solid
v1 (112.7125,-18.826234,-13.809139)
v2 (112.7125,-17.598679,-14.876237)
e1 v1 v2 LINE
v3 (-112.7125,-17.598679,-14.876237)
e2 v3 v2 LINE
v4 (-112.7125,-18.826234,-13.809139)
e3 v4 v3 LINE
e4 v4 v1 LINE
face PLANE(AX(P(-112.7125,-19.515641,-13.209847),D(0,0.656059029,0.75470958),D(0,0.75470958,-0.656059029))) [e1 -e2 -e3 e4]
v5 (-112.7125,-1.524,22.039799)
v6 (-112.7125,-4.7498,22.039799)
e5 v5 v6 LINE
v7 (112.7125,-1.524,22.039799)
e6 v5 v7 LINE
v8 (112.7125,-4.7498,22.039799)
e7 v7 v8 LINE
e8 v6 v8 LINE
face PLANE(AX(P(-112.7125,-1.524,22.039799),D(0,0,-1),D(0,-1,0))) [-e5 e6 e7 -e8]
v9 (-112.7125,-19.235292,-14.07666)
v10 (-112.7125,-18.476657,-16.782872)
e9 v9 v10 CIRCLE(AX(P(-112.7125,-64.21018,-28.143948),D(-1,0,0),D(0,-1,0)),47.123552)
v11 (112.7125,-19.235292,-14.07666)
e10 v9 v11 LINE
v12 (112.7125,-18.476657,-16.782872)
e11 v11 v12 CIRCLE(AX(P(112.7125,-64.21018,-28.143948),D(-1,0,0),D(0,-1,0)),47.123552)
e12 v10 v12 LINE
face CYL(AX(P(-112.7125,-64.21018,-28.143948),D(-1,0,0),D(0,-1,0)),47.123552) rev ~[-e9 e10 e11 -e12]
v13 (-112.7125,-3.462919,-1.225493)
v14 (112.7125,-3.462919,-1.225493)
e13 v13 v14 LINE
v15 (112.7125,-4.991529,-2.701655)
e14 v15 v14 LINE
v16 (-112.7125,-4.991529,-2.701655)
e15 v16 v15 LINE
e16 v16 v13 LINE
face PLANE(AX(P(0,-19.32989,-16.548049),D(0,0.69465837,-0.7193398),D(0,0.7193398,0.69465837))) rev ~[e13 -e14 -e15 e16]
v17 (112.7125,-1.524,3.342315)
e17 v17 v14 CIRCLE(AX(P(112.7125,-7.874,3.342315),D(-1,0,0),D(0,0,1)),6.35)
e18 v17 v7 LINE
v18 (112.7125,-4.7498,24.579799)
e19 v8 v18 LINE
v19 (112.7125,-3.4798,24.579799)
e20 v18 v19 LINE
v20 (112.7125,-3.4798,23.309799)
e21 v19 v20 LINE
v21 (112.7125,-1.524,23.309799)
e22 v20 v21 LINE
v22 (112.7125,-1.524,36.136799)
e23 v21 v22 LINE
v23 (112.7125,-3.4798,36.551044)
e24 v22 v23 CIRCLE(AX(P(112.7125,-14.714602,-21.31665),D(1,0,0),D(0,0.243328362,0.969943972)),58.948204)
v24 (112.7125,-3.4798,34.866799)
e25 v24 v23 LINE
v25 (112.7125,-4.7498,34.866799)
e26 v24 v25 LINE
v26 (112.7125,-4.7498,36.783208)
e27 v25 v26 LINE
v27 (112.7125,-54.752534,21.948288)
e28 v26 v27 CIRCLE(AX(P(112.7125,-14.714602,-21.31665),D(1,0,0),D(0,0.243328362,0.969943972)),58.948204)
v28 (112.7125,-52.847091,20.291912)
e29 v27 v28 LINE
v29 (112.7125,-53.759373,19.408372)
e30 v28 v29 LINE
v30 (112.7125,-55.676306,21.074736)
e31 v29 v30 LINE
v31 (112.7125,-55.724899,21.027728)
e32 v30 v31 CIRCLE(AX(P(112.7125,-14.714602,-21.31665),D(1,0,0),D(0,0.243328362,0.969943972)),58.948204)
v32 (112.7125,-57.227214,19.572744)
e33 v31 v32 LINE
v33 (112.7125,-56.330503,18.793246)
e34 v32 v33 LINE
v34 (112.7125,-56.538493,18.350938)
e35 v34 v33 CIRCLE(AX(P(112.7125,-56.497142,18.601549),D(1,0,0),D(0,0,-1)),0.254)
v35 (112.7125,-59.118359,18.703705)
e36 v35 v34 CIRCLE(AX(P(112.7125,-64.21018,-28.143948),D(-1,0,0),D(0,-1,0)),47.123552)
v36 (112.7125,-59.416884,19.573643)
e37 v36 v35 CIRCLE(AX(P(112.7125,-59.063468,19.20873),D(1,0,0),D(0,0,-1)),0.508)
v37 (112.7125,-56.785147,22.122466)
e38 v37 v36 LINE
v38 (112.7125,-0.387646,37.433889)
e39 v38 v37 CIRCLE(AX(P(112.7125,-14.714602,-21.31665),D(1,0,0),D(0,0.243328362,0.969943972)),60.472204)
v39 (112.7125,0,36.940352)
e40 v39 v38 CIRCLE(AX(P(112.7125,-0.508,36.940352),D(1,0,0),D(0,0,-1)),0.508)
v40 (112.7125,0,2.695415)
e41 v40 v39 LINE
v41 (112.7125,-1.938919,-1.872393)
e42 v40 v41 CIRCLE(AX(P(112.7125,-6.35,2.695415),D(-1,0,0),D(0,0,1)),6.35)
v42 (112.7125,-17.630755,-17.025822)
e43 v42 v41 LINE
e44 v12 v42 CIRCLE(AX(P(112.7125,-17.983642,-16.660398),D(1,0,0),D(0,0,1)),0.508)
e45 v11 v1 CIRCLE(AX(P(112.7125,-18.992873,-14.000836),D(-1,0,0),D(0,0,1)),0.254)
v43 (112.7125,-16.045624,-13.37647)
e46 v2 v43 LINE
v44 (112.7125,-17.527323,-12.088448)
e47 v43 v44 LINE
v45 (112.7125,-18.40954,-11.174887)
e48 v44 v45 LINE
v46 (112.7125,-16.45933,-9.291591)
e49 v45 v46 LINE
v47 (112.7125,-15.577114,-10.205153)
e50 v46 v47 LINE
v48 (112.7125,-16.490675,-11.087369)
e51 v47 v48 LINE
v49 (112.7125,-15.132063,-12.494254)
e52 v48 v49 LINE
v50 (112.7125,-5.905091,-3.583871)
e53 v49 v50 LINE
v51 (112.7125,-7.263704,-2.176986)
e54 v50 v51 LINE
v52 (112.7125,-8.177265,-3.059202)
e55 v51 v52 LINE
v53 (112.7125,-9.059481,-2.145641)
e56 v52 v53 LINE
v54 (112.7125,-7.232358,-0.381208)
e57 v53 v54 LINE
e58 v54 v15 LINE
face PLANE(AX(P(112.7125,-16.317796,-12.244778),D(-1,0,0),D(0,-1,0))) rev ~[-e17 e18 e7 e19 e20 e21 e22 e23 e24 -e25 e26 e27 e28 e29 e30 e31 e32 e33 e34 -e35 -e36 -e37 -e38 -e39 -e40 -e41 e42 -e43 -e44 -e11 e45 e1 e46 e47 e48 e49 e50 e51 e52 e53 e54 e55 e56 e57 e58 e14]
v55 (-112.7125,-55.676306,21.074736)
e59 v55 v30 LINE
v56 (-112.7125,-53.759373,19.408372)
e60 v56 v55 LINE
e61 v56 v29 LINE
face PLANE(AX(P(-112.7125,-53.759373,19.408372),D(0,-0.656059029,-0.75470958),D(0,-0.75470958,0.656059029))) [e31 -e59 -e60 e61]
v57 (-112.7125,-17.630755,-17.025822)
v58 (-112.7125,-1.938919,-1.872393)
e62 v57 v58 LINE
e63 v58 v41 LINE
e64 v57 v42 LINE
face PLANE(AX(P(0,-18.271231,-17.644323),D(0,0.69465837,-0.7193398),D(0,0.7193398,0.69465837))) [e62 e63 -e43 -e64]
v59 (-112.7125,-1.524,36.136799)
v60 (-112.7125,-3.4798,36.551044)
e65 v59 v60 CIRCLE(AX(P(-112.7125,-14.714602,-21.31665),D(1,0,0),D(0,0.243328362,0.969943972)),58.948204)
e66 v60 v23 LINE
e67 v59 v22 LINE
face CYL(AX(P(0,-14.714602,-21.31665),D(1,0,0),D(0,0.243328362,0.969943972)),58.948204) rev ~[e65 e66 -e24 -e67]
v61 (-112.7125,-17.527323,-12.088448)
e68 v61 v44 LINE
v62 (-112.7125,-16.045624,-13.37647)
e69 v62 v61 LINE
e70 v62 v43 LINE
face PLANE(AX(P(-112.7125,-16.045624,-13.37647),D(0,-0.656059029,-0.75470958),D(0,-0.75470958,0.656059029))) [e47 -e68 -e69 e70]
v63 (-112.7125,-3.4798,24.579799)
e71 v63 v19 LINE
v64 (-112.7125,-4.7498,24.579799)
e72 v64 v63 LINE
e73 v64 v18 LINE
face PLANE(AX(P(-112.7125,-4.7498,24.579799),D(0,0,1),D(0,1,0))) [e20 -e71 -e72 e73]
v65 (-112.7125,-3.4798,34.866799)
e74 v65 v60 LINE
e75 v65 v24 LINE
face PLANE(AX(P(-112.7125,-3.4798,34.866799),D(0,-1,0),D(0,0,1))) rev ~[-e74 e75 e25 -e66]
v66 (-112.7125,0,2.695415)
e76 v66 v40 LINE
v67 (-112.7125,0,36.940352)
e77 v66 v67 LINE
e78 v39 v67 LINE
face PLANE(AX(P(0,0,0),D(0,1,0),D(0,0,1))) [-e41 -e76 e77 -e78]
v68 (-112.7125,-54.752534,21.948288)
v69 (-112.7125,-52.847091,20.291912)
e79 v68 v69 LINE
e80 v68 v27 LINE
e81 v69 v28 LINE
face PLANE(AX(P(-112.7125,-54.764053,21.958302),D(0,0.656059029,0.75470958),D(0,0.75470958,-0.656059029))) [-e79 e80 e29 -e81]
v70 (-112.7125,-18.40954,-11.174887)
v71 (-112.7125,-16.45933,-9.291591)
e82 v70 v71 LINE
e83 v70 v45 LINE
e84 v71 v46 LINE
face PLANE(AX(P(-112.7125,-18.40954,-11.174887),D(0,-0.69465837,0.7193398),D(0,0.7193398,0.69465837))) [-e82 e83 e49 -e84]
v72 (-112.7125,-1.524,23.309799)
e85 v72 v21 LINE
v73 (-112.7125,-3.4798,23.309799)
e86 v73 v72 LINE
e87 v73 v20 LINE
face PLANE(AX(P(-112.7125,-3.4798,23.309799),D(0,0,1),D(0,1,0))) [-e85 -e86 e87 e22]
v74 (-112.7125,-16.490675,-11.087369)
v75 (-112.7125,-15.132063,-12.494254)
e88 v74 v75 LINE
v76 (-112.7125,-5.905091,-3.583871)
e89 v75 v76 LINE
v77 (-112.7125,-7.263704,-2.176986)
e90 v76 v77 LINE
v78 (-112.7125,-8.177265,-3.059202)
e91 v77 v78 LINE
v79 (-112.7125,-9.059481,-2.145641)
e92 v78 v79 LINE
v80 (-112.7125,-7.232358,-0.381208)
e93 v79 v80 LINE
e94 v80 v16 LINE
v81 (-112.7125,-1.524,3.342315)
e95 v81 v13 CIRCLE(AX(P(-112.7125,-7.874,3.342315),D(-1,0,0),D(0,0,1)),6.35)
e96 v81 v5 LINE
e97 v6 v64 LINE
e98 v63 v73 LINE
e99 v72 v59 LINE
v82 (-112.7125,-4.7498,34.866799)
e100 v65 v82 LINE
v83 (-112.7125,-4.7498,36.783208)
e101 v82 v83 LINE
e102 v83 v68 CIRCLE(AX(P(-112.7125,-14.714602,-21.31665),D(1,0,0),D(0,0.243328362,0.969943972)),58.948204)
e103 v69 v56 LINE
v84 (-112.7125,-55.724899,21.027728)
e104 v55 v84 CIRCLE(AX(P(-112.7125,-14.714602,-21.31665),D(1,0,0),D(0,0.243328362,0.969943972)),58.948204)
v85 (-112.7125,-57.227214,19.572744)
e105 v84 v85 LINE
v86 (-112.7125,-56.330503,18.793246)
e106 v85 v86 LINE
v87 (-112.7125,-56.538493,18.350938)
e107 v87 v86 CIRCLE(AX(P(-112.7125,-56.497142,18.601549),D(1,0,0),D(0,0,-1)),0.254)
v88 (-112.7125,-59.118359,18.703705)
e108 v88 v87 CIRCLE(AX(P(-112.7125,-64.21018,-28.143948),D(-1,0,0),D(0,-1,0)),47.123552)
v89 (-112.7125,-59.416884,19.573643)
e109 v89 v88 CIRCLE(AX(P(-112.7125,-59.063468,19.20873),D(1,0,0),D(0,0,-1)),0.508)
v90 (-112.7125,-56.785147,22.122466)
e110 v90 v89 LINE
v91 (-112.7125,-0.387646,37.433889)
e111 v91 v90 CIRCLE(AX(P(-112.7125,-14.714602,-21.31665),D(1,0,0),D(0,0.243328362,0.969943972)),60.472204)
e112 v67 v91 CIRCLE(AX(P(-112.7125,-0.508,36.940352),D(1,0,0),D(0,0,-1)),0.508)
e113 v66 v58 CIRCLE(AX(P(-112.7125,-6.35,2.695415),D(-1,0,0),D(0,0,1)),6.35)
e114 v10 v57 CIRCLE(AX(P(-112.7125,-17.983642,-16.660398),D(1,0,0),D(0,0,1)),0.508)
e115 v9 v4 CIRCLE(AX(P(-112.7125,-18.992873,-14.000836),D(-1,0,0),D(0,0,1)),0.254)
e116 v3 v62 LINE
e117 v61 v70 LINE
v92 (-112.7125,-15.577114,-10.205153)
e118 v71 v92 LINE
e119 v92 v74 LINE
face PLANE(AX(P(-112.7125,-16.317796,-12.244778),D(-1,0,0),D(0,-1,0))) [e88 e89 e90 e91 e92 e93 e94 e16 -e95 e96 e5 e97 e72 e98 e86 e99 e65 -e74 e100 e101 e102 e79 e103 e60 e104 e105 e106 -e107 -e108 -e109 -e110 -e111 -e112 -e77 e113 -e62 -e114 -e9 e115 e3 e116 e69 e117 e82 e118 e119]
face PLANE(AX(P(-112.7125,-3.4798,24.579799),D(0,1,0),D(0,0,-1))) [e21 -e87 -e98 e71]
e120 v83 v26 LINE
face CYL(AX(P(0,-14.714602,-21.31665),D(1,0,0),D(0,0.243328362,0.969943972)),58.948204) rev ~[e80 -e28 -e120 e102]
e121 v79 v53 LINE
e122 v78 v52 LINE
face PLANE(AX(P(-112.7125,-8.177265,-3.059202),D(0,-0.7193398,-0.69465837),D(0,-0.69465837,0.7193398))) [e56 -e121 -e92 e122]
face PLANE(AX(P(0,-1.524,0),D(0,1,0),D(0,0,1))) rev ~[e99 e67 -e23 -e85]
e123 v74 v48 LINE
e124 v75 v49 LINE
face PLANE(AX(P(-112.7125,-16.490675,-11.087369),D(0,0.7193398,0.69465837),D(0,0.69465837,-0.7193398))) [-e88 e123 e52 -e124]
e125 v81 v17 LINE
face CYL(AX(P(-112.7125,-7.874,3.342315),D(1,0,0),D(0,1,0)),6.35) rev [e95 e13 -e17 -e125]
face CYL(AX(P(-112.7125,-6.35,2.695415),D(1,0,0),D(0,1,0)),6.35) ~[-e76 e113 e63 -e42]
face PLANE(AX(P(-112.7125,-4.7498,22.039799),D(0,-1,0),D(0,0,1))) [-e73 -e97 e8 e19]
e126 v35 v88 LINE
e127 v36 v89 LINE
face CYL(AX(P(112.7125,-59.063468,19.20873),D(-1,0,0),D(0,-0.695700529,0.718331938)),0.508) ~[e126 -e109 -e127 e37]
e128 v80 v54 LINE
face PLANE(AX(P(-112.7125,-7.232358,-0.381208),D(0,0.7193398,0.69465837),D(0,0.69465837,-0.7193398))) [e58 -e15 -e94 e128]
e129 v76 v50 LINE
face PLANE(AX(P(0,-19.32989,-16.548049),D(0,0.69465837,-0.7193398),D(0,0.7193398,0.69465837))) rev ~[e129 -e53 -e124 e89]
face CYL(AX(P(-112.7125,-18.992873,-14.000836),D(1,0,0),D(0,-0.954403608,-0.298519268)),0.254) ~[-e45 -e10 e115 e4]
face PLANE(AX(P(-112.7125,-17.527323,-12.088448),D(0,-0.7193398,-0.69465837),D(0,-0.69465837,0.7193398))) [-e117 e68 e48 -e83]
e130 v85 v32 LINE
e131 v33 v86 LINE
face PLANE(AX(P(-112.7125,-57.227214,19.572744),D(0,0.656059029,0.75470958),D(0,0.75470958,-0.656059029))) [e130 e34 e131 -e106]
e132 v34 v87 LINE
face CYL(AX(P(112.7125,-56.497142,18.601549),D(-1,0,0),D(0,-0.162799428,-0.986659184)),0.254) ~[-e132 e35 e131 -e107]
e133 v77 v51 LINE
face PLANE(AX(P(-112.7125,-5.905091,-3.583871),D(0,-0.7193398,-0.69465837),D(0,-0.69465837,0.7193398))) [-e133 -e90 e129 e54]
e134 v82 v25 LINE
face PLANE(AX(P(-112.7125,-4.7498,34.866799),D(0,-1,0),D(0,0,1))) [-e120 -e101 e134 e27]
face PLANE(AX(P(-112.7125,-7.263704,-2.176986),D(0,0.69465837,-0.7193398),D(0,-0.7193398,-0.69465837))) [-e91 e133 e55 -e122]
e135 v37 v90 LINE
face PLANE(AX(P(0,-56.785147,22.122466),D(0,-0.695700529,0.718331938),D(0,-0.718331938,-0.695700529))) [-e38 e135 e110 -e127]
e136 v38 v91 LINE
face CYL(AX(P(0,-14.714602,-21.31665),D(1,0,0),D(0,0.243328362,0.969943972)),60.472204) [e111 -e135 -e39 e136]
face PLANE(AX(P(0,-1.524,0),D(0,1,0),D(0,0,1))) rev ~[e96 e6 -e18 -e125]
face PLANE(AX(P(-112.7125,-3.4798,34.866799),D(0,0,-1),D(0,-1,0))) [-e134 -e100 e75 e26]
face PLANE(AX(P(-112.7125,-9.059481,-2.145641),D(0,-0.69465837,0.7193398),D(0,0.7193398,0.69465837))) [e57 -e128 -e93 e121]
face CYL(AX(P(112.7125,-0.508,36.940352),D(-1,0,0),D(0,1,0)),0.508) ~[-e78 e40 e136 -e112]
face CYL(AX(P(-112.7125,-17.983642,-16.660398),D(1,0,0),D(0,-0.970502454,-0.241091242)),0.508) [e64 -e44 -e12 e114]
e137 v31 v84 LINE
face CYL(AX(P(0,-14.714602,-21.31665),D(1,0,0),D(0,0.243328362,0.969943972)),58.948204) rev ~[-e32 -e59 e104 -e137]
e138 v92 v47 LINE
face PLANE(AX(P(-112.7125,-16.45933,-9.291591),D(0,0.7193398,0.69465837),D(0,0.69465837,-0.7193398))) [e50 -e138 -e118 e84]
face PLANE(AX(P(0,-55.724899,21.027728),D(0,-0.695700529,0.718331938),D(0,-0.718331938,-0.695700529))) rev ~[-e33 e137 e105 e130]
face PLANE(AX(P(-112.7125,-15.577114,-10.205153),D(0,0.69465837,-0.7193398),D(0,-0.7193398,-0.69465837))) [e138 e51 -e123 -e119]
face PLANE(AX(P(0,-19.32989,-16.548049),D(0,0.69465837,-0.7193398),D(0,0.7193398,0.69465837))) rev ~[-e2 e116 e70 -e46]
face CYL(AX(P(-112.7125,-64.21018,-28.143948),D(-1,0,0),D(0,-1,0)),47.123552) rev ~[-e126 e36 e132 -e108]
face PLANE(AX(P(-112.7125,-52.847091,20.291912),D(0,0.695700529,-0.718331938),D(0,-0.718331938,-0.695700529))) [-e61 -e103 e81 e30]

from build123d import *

# Parameters (mm, degrees)
F1_DEPTH  = 112.7125
F2_T      = -1.524
F5_DEPTH  = 225.425
F7_DEPTH  = 225.425
F8_R      = 47.1235523983
F9_DEPTH  = 225.425
F14_W     = 1.27
F14_H     = 1.9164090636
F15_DEPTH = 225.425
F16_R     = 0.508
F17_R     = 6.35
F18_R     = 0.254


with BuildPart() as f1:
    # F0 (on Right) → F1 (new body, symmetric)
    with BuildSketch(Plane.YZ):
        with BuildLine():
            Line((-60.206202515, 18.8091920411), (-18.2712309286, -17.6443226097))
            Line((-18.2712309286, -17.6443226097), (0, 0))
            Line((0, 0), (0, 37.338))
            ThreePointArc((0, 37.338), (-30.365960448, 37.0950138966), (-56.7851466581, 22.1224658109))
            Line((-56.7851466581, 22.1224658109), (-60.206202515, 18.8091920411))
        make_face()
    extrude(amount=F1_DEPTH, both=True)

    # F2
    f2_openings = [f1.faces().sort_by_distance(p)[0] for p in [
        (0, -39.238717, 0.582435),
        (-112.7125, -23.858996, 15.007627),
        (112.7125, -23.858996, 15.007627),
    ]]
    offset(amount=F2_T, openings=f2_openings)

    # F4 (on face) → F5 (join, through all)
    with BuildSketch(Plane(origin=(-112.7125, 0, 0), x_dir=(0, -1, 0), z_dir=(-1, 0, 0))):
        Polygon((57.1348145041, 16.1392751765), (59.0517768379, 17.8056651102), (57.2272137142, 19.5727444541), (55.3102513804, 17.9063545204), align=None)
    extrude(amount=-F5_DEPTH)

    # F6 (on face) → F7 (join, through all)
    with BuildSketch(Plane(origin=(-112.7125, 0, 0), x_dir=(0, -1, 0), z_dir=(-1, 0, 0))):
        Polygon((19.5156410606, -13.2098472516), (17.5986787268, -14.8762371852), (19.4258018197, -16.6406694462), (21.3427641534, -14.9742795125), align=None)
    extrude(amount=-F7_DEPTH)

    # F8 (on face) → F9 (cut, through all)
    with BuildSketch(Plane(origin=(-112.7125, 0, 0), x_dir=(0, -1, 0), z_dir=(-1, 0, 0))):
        with Locations((64.2101801841, -28.1439479334)):
            Circle(F8_R)
    extrude(amount=-F9_DEPTH, mode=Mode.SUBTRACT)

    # F10 (on face) + F11 (on face) + F12 (on face) + F13 (on face) + F14 (on face) → F15 (join, through all)
    with BuildSketch(Plane(origin=(-112.7125, 0, 0), x_dir=(0, -1, 0), z_dir=(-1, 0, 0))):
        Polygon((15.1320625515, -12.4942536329), (16.0456240979, -13.3764697634), (17.5273234081, -12.0884482036), (16.4906753924, -11.0873688514), align=None)
    with BuildSketch(Plane(origin=(-112.7125, 0, 0), x_dir=(0, -1, 0), z_dir=(-1, 0, 0))):
        Polygon((15.577113846, -10.2051527209), (17.5273234081, -12.0884482036), (18.4095395386, -11.1748866572), (16.4593299765, -9.2915911745), align=None)
    with BuildSketch(Plane(origin=(-112.7125, 0, 0), x_dir=(0, -1, 0), z_dir=(-1, 0, 0))):
        Polygon((53.7593727252, 19.4083719627), (55.676335059, 21.0747618964), (54.7640534971, 21.9583015683), (52.8470911634, 20.2919116347), align=None)
    with BuildSketch(Plane(origin=(-112.7125, 0, 0), x_dir=(0, -1, 0), z_dir=(-1, 0, 0))):
        Polygon((4.9915293861, -2.7016545845), (5.9050909325, -3.583870715), (7.2637037735, -2.1769859335), (8.1772653199, -3.059202064), (9.0594814504, -2.1456405176), (7.2323583575, -0.3812082566), align=None)
    with BuildSketch(Plane(origin=(-112.7125, 0, 0), x_dir=(0, -1, 0), z_dir=(-1, 0, 0))):
        Polygon((1.524, 23.3097989494), (1.524, 22.0397989494), (4.7498, 22.0397989494), (4.7498, 24.5797989494), (3.4798, 24.5797989494), (3.4798, 23.3097989494), align=None)
        with Locations((4.1148, 35.8250034812)):
            Rectangle(F14_W, F14_H)
    extrude(amount=-F15_DEPTH)

    # F16
    f16_edges = [f1.edges().sort_by_distance(p)[0] for p in [
        (0, -18.271231, -17.644323),
        (0, -60.206203, 18.809192),
        (0, 0, 37.338),
    ]]
    fillet(f16_edges, radius=F16_R)

    # F17
    f17_edges = [f1.edges().sort_by_distance(p)[0] for p in [
        (0, -1.524, 0.6469),
        (0, 0, 0),
    ]]
    fillet(f17_edges, radius=F17_R)

    # F18
    f18_edges = [f1.edges().sort_by_distance(p)[0] for p in [
        (0, -19.515641, -13.209847),
        (0, -55.641079, 18.193938),
    ]]
    fillet(f18_edges, radius=F18_R)


solid = f1.part
